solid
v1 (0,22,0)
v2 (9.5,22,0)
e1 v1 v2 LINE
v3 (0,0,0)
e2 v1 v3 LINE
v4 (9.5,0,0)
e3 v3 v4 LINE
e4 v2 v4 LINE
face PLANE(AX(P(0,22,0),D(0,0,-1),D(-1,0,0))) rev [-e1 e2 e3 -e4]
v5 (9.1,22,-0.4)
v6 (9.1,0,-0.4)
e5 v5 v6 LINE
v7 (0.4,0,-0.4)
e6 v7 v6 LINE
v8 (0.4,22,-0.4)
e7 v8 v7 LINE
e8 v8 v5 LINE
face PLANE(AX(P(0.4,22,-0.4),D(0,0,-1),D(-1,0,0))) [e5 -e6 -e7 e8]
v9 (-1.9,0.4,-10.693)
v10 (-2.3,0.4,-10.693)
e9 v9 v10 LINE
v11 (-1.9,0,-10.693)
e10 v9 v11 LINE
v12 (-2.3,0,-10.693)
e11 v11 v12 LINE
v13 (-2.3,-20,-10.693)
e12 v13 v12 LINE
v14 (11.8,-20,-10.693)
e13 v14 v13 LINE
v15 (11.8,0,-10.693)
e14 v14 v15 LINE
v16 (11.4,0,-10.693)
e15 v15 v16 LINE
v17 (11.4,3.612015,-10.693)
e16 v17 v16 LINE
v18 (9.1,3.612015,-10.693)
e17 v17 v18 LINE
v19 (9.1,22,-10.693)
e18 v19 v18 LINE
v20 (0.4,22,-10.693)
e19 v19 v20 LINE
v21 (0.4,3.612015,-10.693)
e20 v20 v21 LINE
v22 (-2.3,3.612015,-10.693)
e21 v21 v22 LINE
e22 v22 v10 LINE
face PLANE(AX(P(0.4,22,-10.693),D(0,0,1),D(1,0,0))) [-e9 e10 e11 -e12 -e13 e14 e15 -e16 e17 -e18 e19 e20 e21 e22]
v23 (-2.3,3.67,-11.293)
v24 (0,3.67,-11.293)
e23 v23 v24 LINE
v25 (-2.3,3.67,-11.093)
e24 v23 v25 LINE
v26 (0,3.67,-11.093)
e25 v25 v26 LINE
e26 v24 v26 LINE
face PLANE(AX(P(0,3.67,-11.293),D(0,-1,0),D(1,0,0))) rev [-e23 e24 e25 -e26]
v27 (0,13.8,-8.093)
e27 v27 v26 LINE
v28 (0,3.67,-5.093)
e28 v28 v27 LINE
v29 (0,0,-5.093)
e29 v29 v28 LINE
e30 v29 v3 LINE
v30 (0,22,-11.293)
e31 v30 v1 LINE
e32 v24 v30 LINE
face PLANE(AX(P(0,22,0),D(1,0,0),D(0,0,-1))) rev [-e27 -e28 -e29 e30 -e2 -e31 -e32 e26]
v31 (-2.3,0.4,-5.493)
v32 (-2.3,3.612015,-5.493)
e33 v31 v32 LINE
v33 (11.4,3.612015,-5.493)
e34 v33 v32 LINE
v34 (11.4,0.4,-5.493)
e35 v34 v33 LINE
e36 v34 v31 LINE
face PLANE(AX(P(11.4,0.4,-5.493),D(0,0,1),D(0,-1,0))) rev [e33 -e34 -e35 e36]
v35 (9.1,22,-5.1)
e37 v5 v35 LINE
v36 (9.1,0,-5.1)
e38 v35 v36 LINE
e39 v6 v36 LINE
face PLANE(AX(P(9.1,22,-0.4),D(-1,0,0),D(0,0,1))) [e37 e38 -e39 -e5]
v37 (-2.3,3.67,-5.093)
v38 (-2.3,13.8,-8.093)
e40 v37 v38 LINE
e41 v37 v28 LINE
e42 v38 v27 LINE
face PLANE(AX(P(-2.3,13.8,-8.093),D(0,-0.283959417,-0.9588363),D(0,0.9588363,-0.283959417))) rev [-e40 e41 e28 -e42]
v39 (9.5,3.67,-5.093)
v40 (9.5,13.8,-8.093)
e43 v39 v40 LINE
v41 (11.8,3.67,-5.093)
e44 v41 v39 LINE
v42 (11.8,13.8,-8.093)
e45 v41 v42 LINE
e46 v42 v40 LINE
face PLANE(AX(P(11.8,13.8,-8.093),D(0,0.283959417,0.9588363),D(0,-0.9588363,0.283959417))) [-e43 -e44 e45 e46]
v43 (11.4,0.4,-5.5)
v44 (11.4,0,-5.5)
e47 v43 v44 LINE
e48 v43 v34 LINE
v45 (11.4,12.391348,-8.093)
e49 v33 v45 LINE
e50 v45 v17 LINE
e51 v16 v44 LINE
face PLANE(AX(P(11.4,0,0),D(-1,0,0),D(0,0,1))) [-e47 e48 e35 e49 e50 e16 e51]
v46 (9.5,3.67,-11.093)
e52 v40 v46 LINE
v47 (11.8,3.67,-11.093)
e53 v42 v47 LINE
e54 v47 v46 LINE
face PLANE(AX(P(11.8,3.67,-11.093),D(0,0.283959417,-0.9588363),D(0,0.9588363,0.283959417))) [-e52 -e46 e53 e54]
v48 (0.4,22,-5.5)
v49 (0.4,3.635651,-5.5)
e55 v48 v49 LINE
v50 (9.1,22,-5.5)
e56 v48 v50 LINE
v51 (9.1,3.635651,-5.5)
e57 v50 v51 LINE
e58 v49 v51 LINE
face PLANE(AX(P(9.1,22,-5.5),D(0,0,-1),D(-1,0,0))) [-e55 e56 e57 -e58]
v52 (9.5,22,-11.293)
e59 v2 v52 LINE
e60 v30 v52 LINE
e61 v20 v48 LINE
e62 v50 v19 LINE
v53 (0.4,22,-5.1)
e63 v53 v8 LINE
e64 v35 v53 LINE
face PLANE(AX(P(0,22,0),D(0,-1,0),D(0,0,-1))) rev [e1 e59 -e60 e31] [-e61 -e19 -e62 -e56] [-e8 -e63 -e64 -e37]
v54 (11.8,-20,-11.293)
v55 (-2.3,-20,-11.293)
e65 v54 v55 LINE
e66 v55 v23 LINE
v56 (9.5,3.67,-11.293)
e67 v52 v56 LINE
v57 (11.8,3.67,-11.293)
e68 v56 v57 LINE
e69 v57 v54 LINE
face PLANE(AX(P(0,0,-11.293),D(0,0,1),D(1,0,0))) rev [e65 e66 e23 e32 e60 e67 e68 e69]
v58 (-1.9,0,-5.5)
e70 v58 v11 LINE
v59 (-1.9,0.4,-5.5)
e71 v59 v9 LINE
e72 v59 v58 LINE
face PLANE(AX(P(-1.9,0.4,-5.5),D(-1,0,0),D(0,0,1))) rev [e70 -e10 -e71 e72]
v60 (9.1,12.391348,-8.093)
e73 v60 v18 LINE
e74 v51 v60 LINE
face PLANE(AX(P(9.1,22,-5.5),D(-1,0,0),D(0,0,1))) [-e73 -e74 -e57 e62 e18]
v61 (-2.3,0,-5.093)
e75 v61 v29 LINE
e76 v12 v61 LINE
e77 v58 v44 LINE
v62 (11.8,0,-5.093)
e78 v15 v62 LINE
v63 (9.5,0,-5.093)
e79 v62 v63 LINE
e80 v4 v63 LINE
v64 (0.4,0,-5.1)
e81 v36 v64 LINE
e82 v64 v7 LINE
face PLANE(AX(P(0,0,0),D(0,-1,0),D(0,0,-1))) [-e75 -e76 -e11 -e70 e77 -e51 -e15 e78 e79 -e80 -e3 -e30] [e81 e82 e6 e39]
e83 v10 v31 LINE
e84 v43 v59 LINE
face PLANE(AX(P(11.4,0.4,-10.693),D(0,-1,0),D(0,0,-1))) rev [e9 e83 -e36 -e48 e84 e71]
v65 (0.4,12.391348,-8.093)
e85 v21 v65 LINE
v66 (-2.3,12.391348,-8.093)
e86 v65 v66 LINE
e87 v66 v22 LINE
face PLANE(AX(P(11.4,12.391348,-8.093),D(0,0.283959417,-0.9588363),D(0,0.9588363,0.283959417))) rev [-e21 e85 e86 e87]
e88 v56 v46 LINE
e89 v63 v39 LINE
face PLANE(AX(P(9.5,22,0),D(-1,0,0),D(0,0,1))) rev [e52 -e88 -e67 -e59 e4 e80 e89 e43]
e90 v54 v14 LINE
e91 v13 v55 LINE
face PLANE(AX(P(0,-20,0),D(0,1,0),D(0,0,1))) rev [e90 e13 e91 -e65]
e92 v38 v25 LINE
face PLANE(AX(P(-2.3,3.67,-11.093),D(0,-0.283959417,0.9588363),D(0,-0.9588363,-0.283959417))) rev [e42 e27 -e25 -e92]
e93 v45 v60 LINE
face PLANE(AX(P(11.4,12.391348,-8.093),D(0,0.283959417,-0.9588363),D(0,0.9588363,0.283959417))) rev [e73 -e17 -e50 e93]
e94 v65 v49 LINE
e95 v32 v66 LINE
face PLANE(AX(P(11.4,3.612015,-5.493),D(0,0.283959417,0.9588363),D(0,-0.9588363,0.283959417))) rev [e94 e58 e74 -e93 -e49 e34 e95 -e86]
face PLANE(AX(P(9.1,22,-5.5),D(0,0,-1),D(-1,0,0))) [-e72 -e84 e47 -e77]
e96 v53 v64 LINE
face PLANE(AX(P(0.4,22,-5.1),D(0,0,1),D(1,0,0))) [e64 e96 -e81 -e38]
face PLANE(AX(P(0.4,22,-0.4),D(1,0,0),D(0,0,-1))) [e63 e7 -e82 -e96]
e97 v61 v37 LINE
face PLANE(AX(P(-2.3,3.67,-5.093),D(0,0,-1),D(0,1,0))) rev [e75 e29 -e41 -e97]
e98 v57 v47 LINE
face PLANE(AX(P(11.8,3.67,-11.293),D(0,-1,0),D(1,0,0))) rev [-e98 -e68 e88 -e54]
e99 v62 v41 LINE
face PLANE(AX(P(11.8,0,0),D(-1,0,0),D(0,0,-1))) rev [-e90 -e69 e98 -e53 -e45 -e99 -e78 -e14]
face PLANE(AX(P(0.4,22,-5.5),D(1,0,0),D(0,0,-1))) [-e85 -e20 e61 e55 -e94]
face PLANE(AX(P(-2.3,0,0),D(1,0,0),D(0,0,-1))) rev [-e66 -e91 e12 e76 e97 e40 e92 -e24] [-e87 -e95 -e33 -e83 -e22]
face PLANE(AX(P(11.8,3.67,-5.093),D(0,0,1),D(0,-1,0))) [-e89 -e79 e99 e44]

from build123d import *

# Parameters (mm, degrees)
SKIZZE1_W                       = 9.5
SKIZZE1_H                       = 11.093
SKIZZE1_W_2                     = 8.7
SKIZZE1_H_2                     = 4.7
SKIZZE1_H_3                     = 5.193
AUFSATZ_LINEAR_AUSTRAGEN1_DEPTH = 22
AUFSATZ_LINEAR_AUSTRAGEN2_DEPTH = 2.3
SCHNITT_LINEAR_AUSTRAGEN1_DEPTH = 13.7
SKIZZE4_W                       = 13.3
SKIZZE4_H                       = 5.193
SCHNITT_LINEAR_AUSTRAGEN2_DEPTH = 0.4
SKIZZE5_W                       = 14.1
SKIZZE5_H                       = 0.4
AUFSATZ_LINEAR_AUSTRAGEN3_DEPTH = 20
AUFSATZ_LINEAR_AUSTRAGEN4_DEPTH = 0.2


with BuildPart() as part:
    # Skizze1 → Aufsatz-Linear austragen1 (new body)
    with BuildSketch(Plane(origin=(0, 0, 0), x_dir=(1, 0, 0), z_dir=(0, 1, 0))):
        with Locations((4.75, 5.5465)):
            Rectangle(SKIZZE1_W, SKIZZE1_H)
        with Locations((4.75, 2.75)):
            Rectangle(SKIZZE1_W_2, SKIZZE1_H_2, mode=Mode.SUBTRACT)
        with Locations((4.75, 8.0965)):
            Rectangle(SKIZZE1_W_2, SKIZZE1_H_3, mode=Mode.SUBTRACT)
    extrude(amount=AUFSATZ_LINEAR_AUSTRAGEN1_DEPTH)

    # Skizze2 → Aufsatz-Linear austragen2 (add)
    with BuildSketch(Plane.ZY):
        Polygon((-11.093, 0), (-11.093, 3.67), (-8.093, 13.8), (-5.093, 3.67), (-5.093, 0), align=None)
    aufsatz_linear_austragen2 = extrude(amount=AUFSATZ_LINEAR_AUSTRAGEN2_DEPTH)

    # Spiegeln1: Aufsatz-Linear austragen2 across plane
    add(aufsatz_linear_austragen2.mirror(Plane(origin=(4.75, 0, 0), x_dir=(0, 0, 1), z_dir=(1, 0, 0))))

    # Skizze3 → Schnitt-Linear austragen1 (cut)
    with BuildSketch(Plane.ZY.offset(2.3)):
        Polygon((-10.693, 0.4), (-5.493, 0.4), (-5.493, 3.612014671), (-8.093, 12.391348004), (-10.693, 3.612014671), align=None)
    extrude(amount=-SCHNITT_LINEAR_AUSTRAGEN1_DEPTH, mode=Mode.SUBTRACT)

    # Skizze4 → Schnitt-Linear austragen2 (cut)
    with BuildSketch(Plane.XZ):
        with Locations((4.75, -8.0965)):
            Rectangle(SKIZZE4_W, SKIZZE4_H)
    extrude(amount=-SCHNITT_LINEAR_AUSTRAGEN2_DEPTH, mode=Mode.SUBTRACT)

    # Skizze5 → Aufsatz-Linear austragen3 (add)
    with BuildSketch(Plane.XZ):
        with Locations((4.75, -10.893)):
            Rectangle(SKIZZE5_W, SKIZZE5_H)
    extrude(amount=AUFSATZ_LINEAR_AUSTRAGEN3_DEPTH)

    # Skizze6 → Aufsatz-Linear austragen4 (add)
    with BuildSketch(Plane(origin=(0, 0, -11.093), x_dir=(-1, 0, 0), z_dir=(0, 0, -1))):
        Polygon((0, 3.67), (2.3, 3.67), (2.3, -20), (-11.8, -20), (-11.8, 3.67), (-9.5, 3.67), (-9.5, 22), (0, 22), align=None)
    extrude(amount=AUFSATZ_LINEAR_AUSTRAGEN4_DEPTH)


solid = part.part
